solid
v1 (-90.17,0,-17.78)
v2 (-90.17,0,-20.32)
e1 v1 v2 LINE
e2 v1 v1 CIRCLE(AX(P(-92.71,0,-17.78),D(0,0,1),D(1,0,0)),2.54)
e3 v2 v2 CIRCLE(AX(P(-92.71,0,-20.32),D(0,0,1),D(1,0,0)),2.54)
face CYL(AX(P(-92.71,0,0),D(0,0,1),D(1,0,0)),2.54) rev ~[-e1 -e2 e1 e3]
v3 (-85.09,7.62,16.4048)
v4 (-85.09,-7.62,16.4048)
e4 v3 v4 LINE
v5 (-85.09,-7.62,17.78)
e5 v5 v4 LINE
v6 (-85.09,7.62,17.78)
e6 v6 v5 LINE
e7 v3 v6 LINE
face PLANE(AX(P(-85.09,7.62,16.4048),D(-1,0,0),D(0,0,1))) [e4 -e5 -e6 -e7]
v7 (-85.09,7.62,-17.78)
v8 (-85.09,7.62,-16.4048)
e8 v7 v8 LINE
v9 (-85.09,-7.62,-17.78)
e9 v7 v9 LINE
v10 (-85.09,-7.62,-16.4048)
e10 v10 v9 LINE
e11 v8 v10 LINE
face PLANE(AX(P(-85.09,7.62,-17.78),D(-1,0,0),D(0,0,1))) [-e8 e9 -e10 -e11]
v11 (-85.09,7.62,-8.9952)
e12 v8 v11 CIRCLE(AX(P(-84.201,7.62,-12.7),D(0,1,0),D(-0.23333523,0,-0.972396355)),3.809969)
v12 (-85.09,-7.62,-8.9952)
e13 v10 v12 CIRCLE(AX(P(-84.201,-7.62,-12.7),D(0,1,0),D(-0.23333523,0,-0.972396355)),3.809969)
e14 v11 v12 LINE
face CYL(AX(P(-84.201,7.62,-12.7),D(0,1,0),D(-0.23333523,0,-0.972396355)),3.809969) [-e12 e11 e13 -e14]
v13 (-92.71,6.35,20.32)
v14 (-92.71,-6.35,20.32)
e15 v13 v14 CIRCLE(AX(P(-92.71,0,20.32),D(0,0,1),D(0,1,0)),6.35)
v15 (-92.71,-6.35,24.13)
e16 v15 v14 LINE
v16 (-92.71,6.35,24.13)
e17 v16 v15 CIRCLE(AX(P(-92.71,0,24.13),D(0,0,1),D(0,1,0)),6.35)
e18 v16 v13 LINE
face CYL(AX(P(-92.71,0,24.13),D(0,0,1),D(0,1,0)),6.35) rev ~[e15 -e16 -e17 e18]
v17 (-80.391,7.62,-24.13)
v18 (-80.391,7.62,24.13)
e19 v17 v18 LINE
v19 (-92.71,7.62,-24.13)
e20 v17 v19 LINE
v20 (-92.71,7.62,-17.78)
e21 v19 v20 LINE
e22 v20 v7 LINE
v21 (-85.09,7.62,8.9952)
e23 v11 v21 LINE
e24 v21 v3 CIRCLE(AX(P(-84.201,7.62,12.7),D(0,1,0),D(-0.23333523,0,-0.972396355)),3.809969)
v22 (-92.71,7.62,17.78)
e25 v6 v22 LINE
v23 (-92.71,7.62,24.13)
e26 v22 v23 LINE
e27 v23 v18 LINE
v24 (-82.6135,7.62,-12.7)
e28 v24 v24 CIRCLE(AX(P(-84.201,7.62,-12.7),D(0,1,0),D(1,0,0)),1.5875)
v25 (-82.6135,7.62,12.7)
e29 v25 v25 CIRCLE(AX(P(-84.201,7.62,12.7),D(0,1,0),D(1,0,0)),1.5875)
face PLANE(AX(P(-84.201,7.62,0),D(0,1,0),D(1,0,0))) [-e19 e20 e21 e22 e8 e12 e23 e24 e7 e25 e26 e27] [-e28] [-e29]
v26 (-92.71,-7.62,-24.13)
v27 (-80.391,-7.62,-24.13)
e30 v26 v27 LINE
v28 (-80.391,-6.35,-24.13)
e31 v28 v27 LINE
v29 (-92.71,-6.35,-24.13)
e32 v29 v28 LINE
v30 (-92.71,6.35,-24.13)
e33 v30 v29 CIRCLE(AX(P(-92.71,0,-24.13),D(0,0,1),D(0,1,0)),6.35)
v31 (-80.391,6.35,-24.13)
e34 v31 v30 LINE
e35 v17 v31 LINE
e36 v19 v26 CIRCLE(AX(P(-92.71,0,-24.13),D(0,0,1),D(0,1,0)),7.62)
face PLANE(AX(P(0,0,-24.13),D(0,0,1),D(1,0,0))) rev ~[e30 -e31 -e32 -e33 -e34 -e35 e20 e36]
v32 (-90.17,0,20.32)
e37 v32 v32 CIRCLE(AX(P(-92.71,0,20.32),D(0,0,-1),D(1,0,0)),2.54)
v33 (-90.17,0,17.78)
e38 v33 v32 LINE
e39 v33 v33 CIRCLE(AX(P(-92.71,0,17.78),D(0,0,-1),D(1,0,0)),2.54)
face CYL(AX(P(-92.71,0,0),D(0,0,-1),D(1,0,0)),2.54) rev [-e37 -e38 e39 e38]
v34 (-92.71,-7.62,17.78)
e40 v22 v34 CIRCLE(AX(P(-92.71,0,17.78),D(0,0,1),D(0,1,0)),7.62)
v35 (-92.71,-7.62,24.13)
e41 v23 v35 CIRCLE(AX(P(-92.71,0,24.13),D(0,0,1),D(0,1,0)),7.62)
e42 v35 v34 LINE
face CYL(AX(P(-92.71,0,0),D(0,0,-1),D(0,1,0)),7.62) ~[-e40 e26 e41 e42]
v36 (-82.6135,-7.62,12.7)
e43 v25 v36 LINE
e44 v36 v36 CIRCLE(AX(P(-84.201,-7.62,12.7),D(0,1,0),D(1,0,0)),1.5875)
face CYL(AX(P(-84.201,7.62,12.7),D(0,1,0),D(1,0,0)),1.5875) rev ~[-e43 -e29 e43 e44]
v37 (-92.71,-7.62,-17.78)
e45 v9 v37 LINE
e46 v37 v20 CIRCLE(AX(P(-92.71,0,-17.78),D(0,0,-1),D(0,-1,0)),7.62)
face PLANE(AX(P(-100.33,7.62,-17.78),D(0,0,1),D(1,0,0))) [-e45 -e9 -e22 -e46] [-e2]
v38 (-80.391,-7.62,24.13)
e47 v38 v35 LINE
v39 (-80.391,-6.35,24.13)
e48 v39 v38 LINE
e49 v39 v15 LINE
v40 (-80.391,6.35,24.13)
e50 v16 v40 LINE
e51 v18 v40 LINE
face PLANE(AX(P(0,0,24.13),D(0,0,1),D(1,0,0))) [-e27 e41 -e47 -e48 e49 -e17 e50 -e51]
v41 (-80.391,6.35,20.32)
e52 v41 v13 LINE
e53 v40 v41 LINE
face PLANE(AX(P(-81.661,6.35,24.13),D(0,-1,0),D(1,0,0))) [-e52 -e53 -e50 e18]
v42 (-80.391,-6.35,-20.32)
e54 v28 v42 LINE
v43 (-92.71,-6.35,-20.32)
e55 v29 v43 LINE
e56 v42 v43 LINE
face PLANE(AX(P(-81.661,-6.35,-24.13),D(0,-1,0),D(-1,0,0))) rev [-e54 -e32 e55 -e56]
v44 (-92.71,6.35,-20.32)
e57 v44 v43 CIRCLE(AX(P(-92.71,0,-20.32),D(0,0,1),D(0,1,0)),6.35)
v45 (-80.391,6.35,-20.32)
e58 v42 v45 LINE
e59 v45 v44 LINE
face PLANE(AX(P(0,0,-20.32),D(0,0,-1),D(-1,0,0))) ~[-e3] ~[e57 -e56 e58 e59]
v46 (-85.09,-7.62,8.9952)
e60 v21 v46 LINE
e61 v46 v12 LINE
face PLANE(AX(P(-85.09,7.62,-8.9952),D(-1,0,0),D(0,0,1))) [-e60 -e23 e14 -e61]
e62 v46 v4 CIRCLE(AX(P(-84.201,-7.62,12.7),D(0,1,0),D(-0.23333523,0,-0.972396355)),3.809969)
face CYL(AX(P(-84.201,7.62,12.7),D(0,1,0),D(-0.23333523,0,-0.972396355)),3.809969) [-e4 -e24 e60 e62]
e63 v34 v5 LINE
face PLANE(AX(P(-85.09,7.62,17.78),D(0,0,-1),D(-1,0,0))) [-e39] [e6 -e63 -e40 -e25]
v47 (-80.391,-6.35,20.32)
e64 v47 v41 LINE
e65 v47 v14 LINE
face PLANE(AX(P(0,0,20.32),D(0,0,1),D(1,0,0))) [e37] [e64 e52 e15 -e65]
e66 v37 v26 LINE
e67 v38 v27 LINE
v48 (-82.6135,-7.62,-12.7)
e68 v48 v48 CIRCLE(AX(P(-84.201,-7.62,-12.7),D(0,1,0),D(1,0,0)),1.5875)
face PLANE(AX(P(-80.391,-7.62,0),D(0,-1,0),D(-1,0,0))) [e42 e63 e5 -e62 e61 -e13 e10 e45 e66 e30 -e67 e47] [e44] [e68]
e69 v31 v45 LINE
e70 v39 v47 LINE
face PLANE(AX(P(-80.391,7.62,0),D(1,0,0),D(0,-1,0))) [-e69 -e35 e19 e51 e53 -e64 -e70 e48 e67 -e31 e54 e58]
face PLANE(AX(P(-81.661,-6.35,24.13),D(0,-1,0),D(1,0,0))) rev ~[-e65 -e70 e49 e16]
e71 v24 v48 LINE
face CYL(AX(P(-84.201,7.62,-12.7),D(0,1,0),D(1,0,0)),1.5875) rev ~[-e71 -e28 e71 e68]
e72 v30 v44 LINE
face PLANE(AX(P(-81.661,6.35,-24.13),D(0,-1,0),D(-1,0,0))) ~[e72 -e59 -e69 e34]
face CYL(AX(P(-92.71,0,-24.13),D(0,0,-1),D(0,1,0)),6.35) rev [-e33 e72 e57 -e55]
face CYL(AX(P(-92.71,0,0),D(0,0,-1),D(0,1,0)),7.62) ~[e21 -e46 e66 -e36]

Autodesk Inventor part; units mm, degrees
ref_plane "YZ Plane" through (0, 0, 0) normal (1, 0, 0) x (0, 1, 0)
ref_plane "XZ Plane" through (0, 0, 0) normal (0, 1, 0) x (-1, 0, 0)
ref_plane "XY Plane" through (0, 0, 0) normal (0, 0, 1) x (1, 0, 0)
sketch "Sketch1" plane through (0, 0, 0) normal (0, 0, 1) x (1, 0, 0)
  line L0 (-79.121, 7.62) -> (-79.121, -7.62) projected
  line L1 (-79.121, -7.62) -> (-84.201, -7.62) projected
  line L2 (-84.201, 7.62) -> (-79.121, 7.62) projected
  line L3 (-80.391, -7.62) -> (-92.71, -7.62)
  line L4 (-92.71, -7.62) -> (-92.71, 7.62) construction
  line L5 (-92.71, 7.62) -> (-80.391, 7.62)
  line L6 (-80.391, 7.62) -> (-80.391, -7.62)
  arc A0 (-92.71, 7.62) -> (-92.71, -7.62) centre (-92.71, 0) ccw
  arc A1 (-92.71, -7.62) -> (-92.71, 7.62) centre (-92.71, 0) ccw construction
  line L7 (-92.71, 0) -> (-100.33, 0) construction
  point P0 (0, 0)
  dimension "d0" = 1.27
  dimension "d1" = 19.939
extrude "Extrusion1" add sketch "Sketch1" along normal mid plane 48.26 contours L6 L1 L3 A0 L5 L2
sketch "Sketch2" plane through (-92.71, 7.62, 24.13) normal (0, 1, 0) x (1, 0, 0)
  circle A0 centre (8.509, 11.43) radius 1.5875 projected
  circle A1 centre (8.509, 36.83) radius 1.5875 projected
  circle A2 centre (8.509, 11.43) radius 1.5875
  circle A3 centre (8.509, 36.83) radius 1.5875
  point P0 (92.71, 24.13)
extrude "Extrusion2" cut sketch "Sketch2" against normal through all
sketch "Sketch3" plane through (-92.71, 7.62, 24.13) normal (0, 1, 0) x (1, 0, 0)
  line L0 (0, 48.26) -> (-7.62, 48.26) projected
  line L1 (0, 48.26) -> (12.319, 48.26) projected
  line L2 (-7.62, 0) -> (0, 0) projected
  line L3 (12.319, 0) -> (0, 0) projected
  circle A0 centre (8.509, 11.43) radius 1.5875 projected
  circle A1 centre (8.509, 36.83) radius 1.5875 projected
  line L4 (12.319, 48.26) -> (12.319, 0) projected
  arc A2 (7.62, 15.1348) -> (7.62, 7.7252) centre (8.509, 11.43) ccw
  circle A3 centre (8.509, 36.83) radius 1.5875 projected
  arc A4 (7.62, 40.5348) -> (7.62, 33.1252) centre (8.509, 36.83) ccw
  line L5 (-7.62, 48.26) -> (-7.62, 0) projected
  line L6 (-7.62, 24.13) -> (12.319, 24.13) construction
  line L7 (-7.62, 41.91) -> (7.62, 41.91)
  line L8 (7.62, 41.91) -> (7.62, 40.5348)
  line L9 (7.62, 6.35) -> (-7.62, 6.35)
  line L10 (-7.62, 6.35) -> (-7.62, 41.91)
  line L11 (-7.62, 41.91) -> (7.62, 6.35) construction
  line L12 (7.62, 41.91) -> (-7.62, 6.35) construction
  line L13 (7.62, 40.5348) -> (7.62, 33.1252) construction
  arc A5 (12.319, 36.83) -> (7.62, 40.5348) centre (8.509, 36.83) ccw construction
  arc A6 (7.62, 33.1252) -> (12.319, 36.83) centre (8.509, 36.83) ccw construction
  line L14 (7.62, 33.1252) -> (7.62, 15.1348)
  line L15 (7.62, 15.1348) -> (7.62, 7.7252) construction
  arc A7 (12.319, 11.43) -> (7.62, 15.1348) centre (8.509, 11.43) ccw construction
  arc A8 (7.62, 7.7252) -> (12.319, 11.43) centre (8.509, 11.43) ccw construction
  line L16 (7.62, 7.7252) -> (7.62, 6.35)
  point P0 (92.71, 24.13)
  point P1 (0, 24.13)
  dimension "d17" = 35.56
  dimension "d18" = 15.24
extrude "Extrusion3" cut sketch "Sketch3" against normal through all contours L7 L8 A4 L14 A2 L16 L9 L5
sketch "Sketch4" plane through (0, 0, 0) normal (0, 0, 1) x (1, 0, 0)
  arc A0 (-92.71, 7.62) -> (-92.71, -7.62) centre (-92.71, 0) ccw projected
  circle A1 centre (-92.71, 0) radius 2.54
  point P0 (0, 0)
  dimension "d11" = 5.08
extrude "Extrusion4" cut sketch "Sketch4" along normal mid plane 43.18
sketch "Sketch5" plane through (0, 0, 24.13) normal (0, 0, 1) x (1, 0, 0)
  line L0 (-80.391, -7.62) -> (-80.391, 7.62) projected
  line L1 (-80.391, 7.62) -> (-92.71, 7.62) projected
  arc A0 (-92.71, 7.62) -> (-92.71, -7.62) centre (-92.71, 0) ccw projected
  line L2 (-92.71, -7.62) -> (-80.391, -7.62) projected
  arc A1 (-92.71, 6.35) -> (-92.71, -6.35) centre (-92.71, 0) ccw
  line L3 (-92.71, 6.35) -> (-81.661, 6.35)
  line L4 (-81.661, 6.35) -> (-81.661, -6.35) construction
  line L5 (-81.661, -6.35) -> (-92.71, -6.35)
  line L6 (-81.661, 6.35) -> (-80.391, 6.35)
  line L7 (-81.661, -6.35) -> (-80.391, -6.35)
  line L8 (-80.391, 7.62) -> (-80.391, -7.62) projected
  point P0 (0, 0)
  dimension "d14" = 1.27
extrude "Extrusion5" cut sketch "Sketch5" against normal blind 3.81 contours L7 L5 A1 L3 L6 L0
mirror "Mirror1" about plane through (0, 0, 0) normal (0, 0, 1) of "Extrusion5"
properties part number "Steering_Arm"
